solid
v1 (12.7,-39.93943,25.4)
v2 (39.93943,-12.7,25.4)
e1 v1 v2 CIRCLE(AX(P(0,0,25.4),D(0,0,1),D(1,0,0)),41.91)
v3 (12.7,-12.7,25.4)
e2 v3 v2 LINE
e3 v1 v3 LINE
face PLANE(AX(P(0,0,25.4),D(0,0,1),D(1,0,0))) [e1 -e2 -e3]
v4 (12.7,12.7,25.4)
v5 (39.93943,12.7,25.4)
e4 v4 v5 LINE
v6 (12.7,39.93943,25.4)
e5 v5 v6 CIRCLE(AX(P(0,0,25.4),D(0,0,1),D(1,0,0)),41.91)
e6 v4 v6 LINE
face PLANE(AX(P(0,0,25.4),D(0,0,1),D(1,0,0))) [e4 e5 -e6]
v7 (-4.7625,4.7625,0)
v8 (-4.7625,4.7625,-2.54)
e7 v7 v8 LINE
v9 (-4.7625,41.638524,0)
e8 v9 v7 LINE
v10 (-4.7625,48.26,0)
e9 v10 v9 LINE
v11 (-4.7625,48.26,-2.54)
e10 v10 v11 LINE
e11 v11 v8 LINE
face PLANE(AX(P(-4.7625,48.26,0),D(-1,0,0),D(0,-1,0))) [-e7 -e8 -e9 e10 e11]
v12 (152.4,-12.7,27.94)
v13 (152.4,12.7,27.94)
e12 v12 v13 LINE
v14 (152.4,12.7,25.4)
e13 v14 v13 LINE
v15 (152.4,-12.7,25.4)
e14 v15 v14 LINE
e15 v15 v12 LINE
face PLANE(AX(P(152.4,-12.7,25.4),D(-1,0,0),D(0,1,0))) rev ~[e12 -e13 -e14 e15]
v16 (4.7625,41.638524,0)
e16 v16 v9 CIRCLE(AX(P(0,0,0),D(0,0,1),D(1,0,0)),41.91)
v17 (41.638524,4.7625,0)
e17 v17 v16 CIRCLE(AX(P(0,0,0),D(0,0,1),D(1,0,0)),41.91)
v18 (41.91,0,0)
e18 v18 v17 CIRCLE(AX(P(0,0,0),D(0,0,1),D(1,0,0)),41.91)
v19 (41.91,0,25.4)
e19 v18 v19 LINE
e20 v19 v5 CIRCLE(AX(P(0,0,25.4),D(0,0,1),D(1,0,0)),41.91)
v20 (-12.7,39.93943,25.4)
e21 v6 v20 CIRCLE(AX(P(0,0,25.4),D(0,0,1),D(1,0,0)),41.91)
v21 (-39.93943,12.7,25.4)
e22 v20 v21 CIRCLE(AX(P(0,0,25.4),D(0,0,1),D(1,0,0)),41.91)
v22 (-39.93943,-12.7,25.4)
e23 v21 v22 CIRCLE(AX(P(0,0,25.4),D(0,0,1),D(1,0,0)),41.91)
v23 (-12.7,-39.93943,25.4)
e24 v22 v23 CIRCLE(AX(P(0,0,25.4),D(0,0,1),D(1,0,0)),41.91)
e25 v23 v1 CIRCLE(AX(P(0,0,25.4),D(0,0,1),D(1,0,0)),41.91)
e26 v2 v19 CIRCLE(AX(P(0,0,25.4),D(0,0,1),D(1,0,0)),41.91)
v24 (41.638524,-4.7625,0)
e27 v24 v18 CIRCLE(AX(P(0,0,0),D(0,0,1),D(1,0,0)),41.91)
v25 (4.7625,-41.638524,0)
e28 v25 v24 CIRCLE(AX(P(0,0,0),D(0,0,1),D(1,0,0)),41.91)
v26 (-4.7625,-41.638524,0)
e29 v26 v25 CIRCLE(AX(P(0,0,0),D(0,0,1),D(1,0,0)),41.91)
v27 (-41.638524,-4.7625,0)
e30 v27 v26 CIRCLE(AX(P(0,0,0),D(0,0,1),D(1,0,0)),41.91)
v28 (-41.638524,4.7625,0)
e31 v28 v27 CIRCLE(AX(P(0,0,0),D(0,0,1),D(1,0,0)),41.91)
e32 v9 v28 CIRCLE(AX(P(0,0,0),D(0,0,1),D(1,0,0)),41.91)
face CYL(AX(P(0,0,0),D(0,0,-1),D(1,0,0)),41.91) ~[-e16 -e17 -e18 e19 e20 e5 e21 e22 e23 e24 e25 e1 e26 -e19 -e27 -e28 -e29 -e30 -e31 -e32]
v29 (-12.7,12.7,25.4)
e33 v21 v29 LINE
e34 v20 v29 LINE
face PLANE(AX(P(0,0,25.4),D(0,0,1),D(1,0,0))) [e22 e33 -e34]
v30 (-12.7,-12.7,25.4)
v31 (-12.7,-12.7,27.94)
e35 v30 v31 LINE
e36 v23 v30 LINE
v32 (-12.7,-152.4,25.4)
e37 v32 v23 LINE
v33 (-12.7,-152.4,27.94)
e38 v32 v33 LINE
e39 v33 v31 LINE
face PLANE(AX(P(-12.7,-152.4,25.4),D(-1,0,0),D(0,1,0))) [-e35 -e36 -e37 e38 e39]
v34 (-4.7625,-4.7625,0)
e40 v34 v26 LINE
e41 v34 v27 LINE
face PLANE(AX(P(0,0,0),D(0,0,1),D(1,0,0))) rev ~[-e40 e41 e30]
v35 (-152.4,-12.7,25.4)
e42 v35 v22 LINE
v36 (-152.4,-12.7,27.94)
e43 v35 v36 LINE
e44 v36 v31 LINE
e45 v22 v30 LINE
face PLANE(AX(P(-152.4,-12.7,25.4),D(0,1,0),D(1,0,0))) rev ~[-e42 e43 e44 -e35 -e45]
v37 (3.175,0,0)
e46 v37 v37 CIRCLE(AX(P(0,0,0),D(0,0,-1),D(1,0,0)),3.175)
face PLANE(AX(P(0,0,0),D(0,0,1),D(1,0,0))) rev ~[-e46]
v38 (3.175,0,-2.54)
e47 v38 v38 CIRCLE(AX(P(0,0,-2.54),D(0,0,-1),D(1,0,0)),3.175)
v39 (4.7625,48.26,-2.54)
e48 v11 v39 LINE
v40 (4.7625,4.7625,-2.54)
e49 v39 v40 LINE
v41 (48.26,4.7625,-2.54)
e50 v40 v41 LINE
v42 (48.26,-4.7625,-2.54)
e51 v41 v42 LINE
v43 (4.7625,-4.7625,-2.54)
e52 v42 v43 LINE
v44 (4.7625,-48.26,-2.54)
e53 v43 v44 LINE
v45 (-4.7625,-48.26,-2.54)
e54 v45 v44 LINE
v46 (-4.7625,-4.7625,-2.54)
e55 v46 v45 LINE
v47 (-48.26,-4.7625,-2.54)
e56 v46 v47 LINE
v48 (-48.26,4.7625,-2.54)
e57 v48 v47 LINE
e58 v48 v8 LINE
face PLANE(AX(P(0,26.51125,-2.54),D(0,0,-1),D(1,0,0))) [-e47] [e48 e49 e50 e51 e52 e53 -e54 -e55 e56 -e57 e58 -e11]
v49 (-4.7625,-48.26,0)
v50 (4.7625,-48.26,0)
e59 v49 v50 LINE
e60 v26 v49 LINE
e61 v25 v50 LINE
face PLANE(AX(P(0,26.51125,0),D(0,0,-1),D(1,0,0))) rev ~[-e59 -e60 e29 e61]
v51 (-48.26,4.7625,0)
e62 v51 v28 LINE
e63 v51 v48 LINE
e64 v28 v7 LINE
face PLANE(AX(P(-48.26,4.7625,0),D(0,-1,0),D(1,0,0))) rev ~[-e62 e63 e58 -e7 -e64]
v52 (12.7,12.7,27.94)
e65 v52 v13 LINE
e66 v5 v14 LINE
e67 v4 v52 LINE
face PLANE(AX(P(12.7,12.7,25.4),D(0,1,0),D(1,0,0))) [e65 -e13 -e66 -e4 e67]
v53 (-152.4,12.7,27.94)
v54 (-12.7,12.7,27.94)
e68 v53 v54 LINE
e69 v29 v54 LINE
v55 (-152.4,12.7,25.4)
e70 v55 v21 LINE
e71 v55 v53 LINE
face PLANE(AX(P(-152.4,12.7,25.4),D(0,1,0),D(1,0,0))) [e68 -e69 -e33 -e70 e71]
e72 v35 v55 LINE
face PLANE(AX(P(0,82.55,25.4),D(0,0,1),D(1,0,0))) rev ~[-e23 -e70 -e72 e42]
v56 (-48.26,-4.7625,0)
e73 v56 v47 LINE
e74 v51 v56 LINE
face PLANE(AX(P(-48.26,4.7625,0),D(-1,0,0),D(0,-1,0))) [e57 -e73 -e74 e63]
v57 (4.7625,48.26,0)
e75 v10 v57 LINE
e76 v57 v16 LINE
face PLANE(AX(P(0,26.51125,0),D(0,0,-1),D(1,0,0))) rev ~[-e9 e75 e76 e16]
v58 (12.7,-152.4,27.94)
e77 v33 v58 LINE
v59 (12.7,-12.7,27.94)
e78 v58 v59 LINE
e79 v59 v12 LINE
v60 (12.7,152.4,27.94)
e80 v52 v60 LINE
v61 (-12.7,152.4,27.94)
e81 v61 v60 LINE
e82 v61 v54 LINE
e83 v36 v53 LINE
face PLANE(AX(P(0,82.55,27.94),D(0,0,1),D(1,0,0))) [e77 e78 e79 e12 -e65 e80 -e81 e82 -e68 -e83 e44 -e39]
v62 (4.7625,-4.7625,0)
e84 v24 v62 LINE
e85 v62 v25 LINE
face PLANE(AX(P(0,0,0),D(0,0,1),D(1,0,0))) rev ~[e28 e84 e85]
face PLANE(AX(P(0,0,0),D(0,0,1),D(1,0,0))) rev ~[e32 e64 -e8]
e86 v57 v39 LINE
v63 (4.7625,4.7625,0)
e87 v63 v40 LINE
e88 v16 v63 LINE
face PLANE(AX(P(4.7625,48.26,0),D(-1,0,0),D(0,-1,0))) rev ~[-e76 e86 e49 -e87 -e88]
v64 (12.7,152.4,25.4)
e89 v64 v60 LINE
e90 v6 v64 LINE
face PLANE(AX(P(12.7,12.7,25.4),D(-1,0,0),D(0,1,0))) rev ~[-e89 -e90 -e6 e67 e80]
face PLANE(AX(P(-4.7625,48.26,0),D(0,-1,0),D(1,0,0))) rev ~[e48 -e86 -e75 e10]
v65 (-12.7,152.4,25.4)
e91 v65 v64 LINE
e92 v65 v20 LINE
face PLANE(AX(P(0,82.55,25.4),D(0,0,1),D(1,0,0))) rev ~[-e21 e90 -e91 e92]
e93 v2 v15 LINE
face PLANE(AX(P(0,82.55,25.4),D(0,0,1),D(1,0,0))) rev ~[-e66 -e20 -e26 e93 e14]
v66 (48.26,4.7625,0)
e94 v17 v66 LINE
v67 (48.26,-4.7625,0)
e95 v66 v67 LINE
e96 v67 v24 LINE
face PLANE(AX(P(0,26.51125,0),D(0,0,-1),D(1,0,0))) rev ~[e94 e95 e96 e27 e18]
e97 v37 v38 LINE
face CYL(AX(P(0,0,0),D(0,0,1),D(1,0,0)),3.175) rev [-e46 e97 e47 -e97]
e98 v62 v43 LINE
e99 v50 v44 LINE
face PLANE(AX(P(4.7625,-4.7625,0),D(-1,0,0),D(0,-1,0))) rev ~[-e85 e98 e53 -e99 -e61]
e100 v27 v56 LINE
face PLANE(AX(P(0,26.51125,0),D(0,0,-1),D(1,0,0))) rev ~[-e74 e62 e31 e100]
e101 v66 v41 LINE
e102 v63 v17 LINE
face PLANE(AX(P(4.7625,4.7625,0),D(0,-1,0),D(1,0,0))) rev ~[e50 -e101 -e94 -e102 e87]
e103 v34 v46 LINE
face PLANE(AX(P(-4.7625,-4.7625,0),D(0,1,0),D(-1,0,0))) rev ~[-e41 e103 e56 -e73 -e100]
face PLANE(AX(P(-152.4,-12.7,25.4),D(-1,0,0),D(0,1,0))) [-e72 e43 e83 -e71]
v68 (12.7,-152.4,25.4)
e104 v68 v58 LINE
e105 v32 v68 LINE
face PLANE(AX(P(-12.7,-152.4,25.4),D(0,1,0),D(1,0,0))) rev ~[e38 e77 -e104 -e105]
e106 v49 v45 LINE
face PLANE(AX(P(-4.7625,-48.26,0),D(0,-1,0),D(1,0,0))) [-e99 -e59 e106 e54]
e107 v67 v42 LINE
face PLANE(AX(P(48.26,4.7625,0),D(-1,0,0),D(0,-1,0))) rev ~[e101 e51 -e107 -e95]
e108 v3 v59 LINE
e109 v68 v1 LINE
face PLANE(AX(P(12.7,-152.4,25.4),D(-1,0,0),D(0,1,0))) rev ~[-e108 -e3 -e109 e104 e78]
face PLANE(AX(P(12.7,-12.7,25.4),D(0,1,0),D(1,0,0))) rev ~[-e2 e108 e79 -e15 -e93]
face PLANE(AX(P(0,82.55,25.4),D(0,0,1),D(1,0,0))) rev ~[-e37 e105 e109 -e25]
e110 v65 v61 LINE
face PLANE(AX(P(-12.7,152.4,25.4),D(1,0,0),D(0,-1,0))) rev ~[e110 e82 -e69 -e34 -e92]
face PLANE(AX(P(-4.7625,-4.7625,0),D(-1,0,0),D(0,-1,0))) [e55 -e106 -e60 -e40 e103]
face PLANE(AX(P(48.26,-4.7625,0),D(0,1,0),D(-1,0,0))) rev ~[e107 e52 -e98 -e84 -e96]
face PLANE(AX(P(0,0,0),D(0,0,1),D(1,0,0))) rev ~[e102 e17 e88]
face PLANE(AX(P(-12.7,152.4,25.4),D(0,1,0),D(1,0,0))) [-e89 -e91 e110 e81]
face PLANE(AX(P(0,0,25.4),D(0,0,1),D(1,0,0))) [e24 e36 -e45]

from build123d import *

# Parameters (mm, degrees)
F0_R     = 41.91
F1_DEPTH = 25.4
F2_W     = 25.4
F2_H     = 139.7
F2_W_2   = 139.7
F2_H_2   = 25.4
F3_DEPTH = 2.54
F4_W     = 9.525
F4_H     = 43.4975
F4_W_2   = 43.4975
F4_H_2   = 9.525
F4_R     = 3.175
F5_DEPTH = 2.54


with BuildPart() as f1:
    # F0 (on Top) → F1 (new body)
    with BuildSketch(Plane.XY):
        Circle(F0_R)
    extrude(amount=F1_DEPTH)

    # F2 (on face) → F3 (join)
    with BuildSketch(Plane.XY.offset(25.4)):
        with Locations((0, 82.55)):
            Rectangle(F2_W, F2_H)
        with Locations((82.55, 0)):
            Rectangle(F2_W_2, F2_H_2)
        Rectangle(F2_W, F2_H_2)
        with Locations((-82.55, 0)):
            Rectangle(F2_W_2, F2_H_2)
        with Locations((0, -82.55)):
            Rectangle(F2_W, F2_H)
    extrude(amount=F3_DEPTH)

    # F4 (on face) → F5 (join)
    with BuildSketch(Plane(origin=(0, 0, 0), x_dir=(1, 0, 0), z_dir=(0, 0, -1))):
        with Locations((0, -26.51125)):
            Rectangle(F4_W, F4_H)
        with Locations((-26.51125, 0)):
            Rectangle(F4_W_2, F4_H_2)
        Rectangle(F4_W, F4_H_2)
        Circle(F4_R, mode=Mode.SUBTRACT)
        with Locations((26.51125, 0)):
            Rectangle(F4_W_2, F4_H_2)
        with Locations((0, 26.51125)):
            Rectangle(F4_W, F4_H)
    extrude(amount=F5_DEPTH)


solid = f1.part
